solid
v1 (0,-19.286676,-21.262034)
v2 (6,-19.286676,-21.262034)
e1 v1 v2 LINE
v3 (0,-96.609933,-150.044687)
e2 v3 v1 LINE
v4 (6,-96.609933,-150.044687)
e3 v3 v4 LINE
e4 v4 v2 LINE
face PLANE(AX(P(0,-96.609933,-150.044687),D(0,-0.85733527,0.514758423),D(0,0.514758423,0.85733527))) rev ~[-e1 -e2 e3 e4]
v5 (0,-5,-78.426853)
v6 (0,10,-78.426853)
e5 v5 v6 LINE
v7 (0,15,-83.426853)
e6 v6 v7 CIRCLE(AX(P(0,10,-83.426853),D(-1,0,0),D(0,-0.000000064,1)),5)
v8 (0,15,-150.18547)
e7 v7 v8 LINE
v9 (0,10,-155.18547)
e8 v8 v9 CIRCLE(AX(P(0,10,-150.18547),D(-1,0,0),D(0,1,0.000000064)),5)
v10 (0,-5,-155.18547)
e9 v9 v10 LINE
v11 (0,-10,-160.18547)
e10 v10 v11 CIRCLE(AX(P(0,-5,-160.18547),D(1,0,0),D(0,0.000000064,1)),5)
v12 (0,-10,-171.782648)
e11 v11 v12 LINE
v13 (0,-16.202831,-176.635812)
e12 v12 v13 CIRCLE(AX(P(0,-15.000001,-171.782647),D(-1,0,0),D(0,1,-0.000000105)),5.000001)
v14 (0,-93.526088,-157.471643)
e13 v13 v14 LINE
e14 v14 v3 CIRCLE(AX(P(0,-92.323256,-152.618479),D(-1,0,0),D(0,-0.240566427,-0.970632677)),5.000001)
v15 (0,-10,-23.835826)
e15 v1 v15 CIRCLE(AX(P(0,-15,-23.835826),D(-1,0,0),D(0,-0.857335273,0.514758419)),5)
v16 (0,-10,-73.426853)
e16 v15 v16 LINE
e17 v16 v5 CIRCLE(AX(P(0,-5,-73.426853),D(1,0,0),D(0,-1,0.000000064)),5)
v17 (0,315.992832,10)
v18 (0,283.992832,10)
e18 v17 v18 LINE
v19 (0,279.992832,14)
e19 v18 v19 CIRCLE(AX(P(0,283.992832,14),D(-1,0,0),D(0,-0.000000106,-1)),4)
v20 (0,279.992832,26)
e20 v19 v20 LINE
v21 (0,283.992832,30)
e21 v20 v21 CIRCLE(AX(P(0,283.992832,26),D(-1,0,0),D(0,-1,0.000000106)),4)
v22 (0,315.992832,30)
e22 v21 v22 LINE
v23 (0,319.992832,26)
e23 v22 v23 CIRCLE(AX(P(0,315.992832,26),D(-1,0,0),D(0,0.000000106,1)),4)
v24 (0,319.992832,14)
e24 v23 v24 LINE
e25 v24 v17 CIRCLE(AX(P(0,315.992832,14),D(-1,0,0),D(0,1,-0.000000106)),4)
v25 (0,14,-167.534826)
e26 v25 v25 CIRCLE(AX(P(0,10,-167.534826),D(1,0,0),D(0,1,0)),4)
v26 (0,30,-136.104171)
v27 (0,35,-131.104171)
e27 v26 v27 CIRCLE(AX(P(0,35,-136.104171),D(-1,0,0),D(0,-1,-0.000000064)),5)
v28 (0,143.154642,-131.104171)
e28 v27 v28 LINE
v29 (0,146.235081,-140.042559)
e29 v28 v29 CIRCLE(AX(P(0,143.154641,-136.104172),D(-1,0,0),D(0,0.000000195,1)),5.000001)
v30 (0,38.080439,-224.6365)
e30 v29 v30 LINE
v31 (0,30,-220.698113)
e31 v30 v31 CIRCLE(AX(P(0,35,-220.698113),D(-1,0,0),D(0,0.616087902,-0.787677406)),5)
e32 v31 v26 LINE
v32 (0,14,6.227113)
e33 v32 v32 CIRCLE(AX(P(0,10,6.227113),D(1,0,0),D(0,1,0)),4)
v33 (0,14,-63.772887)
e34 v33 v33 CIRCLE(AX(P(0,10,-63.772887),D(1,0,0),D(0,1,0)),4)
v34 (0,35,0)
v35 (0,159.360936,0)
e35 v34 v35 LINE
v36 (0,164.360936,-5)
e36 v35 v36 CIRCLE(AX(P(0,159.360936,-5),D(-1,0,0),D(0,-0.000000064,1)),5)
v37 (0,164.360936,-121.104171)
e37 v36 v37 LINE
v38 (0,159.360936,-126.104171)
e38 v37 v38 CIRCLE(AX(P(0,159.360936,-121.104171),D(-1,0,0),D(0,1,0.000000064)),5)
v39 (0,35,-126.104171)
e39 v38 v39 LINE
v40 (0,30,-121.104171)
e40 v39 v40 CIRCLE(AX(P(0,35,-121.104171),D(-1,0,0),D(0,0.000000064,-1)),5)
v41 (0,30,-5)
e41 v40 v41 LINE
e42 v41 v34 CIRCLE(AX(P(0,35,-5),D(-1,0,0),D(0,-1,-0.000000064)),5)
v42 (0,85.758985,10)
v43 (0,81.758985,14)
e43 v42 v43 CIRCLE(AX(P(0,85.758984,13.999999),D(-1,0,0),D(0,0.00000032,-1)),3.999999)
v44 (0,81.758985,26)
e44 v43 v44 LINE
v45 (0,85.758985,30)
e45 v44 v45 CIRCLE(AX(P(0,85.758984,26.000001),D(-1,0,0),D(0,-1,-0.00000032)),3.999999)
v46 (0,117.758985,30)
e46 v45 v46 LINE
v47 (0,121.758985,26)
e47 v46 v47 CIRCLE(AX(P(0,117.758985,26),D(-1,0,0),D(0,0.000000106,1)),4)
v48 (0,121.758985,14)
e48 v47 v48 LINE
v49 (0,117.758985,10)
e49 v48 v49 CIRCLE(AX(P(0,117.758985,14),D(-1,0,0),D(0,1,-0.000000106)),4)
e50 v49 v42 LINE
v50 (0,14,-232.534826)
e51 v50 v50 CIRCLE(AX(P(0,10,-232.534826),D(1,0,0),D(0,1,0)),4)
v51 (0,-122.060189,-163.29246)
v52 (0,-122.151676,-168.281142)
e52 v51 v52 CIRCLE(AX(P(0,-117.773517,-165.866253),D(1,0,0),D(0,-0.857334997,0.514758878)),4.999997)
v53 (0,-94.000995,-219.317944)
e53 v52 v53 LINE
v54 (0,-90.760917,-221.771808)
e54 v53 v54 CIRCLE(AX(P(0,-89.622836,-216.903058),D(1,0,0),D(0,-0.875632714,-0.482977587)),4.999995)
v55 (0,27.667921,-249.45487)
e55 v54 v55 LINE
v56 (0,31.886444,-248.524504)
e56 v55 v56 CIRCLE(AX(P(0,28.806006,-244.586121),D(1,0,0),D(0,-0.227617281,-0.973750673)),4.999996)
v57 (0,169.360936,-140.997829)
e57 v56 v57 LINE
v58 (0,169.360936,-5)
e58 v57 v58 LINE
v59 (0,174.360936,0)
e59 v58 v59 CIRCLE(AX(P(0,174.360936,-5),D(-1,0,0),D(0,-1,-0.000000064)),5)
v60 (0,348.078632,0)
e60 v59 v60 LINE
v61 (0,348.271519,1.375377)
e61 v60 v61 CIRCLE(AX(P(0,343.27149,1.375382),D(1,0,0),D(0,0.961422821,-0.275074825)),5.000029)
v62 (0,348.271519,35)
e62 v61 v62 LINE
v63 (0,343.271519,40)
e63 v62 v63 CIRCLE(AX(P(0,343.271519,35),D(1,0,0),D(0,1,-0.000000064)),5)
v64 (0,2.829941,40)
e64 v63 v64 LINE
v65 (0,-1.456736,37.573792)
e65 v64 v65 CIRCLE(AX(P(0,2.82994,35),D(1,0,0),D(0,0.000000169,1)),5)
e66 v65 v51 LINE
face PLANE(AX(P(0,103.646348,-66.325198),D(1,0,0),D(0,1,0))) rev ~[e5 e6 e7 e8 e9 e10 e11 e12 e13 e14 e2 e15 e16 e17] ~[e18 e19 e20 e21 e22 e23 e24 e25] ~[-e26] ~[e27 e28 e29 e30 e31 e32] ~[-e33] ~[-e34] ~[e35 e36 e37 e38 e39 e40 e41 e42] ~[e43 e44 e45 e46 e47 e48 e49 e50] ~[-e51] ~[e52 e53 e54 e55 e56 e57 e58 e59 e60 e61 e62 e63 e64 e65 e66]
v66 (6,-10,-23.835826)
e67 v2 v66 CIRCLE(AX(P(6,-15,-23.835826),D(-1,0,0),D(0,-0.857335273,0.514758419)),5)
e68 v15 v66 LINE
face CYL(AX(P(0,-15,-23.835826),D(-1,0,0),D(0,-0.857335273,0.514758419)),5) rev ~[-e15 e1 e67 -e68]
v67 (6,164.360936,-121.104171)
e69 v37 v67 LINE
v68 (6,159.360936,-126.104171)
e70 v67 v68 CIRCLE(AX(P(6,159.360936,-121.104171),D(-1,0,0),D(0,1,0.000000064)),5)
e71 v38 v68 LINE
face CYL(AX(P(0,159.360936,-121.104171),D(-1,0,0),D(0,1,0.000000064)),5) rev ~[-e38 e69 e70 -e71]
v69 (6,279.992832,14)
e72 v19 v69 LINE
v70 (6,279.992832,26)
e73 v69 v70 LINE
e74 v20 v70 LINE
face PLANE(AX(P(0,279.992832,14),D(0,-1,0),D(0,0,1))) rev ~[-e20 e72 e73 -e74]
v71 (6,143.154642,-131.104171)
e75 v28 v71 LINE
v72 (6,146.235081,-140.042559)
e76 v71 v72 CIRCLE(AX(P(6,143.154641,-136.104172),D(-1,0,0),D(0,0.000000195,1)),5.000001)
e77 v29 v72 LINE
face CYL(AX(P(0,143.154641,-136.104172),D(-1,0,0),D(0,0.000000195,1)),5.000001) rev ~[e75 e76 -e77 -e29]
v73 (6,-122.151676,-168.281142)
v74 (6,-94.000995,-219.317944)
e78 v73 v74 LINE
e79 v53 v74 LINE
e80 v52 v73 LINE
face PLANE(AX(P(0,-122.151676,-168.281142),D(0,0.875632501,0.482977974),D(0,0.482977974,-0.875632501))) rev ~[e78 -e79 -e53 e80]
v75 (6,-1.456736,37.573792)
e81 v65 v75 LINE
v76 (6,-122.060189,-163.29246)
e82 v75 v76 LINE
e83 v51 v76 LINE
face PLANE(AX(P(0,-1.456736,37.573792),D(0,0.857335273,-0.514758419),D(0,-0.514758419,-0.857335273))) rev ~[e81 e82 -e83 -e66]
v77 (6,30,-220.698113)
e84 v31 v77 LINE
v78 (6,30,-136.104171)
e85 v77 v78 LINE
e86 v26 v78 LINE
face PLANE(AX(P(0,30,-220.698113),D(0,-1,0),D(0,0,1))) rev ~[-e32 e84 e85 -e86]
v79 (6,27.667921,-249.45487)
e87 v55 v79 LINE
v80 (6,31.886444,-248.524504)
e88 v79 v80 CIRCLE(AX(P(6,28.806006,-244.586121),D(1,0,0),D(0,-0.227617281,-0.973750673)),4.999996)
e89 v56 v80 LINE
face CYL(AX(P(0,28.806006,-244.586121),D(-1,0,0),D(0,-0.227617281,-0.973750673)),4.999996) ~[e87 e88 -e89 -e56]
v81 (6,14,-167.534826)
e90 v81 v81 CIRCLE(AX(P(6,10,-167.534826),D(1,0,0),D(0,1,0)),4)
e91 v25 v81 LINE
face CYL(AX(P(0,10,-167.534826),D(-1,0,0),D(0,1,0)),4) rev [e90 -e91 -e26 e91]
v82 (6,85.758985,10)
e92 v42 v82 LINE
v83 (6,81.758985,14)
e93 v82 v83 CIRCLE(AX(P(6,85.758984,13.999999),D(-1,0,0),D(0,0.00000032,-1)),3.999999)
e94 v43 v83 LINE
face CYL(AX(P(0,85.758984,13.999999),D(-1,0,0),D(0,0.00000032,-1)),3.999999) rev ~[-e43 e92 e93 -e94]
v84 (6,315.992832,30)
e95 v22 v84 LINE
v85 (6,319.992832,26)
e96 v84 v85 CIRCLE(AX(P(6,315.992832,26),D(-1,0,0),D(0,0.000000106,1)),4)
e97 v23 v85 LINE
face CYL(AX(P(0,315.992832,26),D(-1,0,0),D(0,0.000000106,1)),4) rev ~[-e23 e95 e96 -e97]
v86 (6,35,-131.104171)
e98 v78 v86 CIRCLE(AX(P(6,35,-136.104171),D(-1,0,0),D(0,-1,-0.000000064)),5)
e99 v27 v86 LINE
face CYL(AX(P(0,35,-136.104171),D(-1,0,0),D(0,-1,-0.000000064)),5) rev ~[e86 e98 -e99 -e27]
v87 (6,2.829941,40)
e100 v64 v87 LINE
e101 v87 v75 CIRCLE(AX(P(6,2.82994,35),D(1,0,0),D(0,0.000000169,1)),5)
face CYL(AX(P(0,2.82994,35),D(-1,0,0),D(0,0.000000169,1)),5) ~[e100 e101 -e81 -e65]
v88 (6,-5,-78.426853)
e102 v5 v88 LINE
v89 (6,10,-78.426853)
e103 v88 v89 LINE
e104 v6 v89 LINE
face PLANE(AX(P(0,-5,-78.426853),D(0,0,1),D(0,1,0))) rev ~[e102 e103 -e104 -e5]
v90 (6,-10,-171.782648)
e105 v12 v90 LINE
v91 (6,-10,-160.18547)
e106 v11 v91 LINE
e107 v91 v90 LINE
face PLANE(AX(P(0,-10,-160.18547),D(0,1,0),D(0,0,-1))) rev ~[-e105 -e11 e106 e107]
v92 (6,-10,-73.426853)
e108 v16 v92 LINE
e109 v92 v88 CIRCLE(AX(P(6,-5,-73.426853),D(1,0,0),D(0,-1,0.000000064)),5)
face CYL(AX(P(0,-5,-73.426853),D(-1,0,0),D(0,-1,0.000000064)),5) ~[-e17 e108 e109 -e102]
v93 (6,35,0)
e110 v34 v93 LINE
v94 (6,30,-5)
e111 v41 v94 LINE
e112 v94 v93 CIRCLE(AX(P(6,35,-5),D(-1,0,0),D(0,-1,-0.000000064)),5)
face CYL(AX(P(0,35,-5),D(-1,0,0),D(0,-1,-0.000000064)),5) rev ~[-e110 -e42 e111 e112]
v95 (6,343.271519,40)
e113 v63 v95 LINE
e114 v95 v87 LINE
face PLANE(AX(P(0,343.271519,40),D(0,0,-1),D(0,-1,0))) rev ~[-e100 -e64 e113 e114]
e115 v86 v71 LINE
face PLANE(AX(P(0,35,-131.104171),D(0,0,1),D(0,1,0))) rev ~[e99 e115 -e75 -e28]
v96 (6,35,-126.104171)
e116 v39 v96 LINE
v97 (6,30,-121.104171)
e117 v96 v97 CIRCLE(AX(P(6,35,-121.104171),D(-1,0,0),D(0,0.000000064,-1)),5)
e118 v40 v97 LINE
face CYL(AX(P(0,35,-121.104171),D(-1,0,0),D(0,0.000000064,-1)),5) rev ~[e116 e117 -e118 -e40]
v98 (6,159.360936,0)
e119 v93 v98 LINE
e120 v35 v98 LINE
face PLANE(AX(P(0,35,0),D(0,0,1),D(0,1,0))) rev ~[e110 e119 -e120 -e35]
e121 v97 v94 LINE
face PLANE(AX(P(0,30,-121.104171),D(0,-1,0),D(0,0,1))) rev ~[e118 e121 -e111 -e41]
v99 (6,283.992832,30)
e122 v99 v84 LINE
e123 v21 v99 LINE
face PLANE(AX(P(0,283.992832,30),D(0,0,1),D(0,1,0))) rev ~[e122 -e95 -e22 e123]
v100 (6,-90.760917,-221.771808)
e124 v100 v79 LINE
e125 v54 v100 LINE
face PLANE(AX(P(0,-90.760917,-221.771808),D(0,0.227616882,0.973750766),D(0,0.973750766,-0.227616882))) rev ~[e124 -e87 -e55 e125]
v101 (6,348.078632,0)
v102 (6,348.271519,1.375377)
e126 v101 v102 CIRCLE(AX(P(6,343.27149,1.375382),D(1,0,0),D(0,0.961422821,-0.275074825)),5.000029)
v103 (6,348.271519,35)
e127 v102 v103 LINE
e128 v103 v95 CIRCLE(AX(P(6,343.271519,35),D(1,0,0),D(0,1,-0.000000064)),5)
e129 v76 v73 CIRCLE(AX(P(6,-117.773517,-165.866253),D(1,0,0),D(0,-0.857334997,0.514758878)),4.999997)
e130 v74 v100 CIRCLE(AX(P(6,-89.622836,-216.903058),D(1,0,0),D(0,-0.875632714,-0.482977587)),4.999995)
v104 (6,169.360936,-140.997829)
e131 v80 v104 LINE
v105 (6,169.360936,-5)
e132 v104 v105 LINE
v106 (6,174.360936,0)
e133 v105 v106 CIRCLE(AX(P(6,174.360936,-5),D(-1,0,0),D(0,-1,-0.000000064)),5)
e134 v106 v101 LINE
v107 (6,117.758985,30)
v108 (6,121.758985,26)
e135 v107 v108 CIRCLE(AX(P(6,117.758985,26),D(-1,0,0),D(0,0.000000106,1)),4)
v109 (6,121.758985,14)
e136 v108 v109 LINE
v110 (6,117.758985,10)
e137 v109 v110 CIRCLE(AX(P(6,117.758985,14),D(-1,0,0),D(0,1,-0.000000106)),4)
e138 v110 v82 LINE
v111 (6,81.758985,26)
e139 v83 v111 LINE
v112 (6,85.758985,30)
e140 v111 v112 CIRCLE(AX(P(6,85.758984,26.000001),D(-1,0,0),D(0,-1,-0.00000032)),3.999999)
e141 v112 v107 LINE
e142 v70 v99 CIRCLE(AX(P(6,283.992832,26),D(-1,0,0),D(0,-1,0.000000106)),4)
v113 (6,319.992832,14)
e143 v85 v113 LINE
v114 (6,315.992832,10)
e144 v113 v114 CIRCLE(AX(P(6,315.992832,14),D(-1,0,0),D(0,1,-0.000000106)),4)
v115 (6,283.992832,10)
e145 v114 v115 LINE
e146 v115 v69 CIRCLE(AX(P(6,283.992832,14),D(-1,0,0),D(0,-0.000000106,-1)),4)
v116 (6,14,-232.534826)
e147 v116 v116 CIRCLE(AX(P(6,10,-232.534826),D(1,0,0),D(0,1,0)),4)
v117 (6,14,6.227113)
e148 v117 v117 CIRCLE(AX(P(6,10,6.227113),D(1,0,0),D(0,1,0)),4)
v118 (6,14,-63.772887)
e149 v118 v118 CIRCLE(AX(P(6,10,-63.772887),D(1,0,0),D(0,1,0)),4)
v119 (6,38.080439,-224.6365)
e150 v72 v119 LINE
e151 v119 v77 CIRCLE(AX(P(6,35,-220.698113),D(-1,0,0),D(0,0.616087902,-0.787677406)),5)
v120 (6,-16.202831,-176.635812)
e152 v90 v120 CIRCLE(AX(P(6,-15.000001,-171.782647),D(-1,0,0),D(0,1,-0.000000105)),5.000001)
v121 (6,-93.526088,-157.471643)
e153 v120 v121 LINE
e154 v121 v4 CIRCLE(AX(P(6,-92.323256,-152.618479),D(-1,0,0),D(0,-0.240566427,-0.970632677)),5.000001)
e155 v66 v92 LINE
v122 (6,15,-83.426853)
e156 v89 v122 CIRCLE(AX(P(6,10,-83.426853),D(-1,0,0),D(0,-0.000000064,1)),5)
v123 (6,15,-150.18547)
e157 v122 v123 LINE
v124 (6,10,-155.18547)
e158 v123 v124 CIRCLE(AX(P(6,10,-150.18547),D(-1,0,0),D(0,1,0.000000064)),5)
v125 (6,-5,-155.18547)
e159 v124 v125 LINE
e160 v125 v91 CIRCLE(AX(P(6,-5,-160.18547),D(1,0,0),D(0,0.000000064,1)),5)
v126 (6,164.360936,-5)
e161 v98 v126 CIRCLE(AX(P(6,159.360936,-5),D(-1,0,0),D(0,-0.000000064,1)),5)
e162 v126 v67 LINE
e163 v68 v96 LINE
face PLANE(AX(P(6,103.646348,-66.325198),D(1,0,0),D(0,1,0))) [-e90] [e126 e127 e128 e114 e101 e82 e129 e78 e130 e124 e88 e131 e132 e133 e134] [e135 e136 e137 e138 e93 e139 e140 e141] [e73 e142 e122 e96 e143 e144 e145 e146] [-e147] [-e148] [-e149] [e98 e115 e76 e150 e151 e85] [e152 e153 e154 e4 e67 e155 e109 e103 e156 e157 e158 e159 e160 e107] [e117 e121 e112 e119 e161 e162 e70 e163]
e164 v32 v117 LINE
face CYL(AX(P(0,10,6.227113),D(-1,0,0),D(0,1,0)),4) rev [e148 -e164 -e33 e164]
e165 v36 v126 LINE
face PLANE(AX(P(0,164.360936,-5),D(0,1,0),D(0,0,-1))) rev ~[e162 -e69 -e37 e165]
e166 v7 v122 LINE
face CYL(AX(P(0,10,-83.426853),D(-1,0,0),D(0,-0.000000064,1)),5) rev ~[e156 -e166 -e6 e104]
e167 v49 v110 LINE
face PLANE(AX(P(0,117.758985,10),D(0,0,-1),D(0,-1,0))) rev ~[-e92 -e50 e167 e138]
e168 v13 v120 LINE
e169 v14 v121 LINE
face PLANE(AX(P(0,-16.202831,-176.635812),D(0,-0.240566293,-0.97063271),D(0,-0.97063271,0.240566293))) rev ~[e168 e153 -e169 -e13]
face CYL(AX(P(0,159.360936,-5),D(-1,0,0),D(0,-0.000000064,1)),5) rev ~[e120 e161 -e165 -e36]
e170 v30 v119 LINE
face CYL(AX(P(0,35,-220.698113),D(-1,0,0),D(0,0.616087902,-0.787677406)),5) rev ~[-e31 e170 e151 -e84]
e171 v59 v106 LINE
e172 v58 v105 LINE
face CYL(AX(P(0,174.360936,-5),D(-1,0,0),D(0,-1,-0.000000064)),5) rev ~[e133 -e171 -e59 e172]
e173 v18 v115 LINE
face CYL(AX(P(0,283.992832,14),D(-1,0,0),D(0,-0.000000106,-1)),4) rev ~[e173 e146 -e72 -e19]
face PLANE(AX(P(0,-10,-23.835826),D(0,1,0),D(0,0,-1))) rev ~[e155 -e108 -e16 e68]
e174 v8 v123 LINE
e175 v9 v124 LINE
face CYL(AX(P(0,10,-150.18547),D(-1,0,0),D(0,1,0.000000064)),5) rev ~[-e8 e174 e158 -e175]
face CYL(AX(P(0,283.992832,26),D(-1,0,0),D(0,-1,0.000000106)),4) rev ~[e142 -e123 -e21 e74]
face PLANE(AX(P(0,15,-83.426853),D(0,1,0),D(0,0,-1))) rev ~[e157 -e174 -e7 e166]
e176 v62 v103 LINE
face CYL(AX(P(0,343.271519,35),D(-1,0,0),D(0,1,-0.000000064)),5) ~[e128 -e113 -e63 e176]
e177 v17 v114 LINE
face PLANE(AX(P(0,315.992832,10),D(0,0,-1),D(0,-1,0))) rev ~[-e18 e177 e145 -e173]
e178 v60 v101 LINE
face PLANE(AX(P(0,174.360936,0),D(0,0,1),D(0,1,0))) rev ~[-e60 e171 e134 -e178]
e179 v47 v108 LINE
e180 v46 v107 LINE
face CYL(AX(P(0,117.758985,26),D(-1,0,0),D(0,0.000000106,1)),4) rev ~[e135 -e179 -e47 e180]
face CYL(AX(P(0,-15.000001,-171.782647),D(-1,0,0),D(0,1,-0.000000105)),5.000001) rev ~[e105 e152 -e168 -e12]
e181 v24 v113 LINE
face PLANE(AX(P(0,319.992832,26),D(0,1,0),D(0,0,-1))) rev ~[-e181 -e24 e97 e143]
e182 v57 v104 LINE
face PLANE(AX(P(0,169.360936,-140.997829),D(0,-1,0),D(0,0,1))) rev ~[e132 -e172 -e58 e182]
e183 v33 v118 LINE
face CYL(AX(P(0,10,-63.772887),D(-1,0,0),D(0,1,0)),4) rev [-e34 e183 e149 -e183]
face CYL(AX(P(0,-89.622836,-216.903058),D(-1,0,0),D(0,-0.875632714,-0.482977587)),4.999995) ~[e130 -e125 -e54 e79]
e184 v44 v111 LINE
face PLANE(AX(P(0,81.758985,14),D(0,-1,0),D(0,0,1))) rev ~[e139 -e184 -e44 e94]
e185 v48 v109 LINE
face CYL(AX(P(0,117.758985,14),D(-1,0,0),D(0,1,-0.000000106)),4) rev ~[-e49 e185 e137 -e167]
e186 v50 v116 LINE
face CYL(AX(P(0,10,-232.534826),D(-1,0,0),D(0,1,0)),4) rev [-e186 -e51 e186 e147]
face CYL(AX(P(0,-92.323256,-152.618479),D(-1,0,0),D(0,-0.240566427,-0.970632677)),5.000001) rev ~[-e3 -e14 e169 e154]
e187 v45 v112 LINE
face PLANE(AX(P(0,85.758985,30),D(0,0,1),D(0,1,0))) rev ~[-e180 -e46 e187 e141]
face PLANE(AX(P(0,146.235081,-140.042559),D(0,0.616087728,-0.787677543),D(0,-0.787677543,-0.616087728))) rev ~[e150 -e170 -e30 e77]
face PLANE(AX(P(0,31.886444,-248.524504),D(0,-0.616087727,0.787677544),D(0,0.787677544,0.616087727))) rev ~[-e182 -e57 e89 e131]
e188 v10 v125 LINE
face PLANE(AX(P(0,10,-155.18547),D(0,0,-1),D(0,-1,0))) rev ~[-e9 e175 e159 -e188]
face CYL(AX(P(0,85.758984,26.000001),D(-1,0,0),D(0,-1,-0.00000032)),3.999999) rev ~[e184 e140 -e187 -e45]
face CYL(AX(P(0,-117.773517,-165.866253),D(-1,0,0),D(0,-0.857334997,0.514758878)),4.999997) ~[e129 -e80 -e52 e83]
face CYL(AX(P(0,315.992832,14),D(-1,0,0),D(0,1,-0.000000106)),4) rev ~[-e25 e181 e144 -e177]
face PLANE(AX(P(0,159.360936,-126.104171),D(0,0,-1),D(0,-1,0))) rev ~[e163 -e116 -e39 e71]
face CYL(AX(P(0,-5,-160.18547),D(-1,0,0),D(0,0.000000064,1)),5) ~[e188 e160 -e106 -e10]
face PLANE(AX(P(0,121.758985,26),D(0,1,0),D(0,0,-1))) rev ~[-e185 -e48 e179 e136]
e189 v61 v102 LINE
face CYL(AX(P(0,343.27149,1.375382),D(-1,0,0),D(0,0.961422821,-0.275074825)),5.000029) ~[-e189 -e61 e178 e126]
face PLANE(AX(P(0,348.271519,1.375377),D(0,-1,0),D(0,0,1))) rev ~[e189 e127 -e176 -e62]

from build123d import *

# Parameters (mm, degrees)
F0_R     = 4
F1_DEPTH = 6


with BuildPart() as f1:
    # F0 (on Right) → F1 (new body)
    with BuildSketch(Plane.YZ):
        with BuildLine():
            Line((343.271519, 40), (2.829941, 40))
            ThreePointArc((2.829941, 40), (0.367113, 39.351377), (-1.456736, 37.573792))
            Line((-1.456736, 37.573792), (-122.060189, -163.29246))
            ThreePointArc((-122.060189, -163.29246), (-122.772673, -165.774574), (-122.151676, -168.281142))
            Line((-122.151676, -168.281142), (-94.000995, -219.317944))
            ThreePointArc((-94.000995, -219.317944), (-92.641542, -220.888954), (-90.760917, -221.771808))
            Line((-90.760917, -221.771808), (27.667921, -249.45487))
            ThreePointArc((27.667921, -249.45487), (29.882843, -249.468782), (31.886444, -248.524504))
            Line((31.886444, -248.524504), (169.360936, -140.997829))
            Line((169.360936, -140.997829), (169.360936, -111.695941))
            Line((169.360936, -111.695941), (169.360936, -95.979087))
            Line((169.360936, -95.979087), (169.360936, -5))
            ThreePointArc((169.360936, -5), (170.825402, -1.464466), (174.360936, 0))
            Line((174.360936, 0), (310.773321, 0))
            Line((310.773321, 0), (348.078632, 0))
            ThreePointArc((348.078632, 0), (348.223062, 0.680958), (348.271519, 1.375377))
            Line((348.271519, 1.375377), (348.271519, 35))
            ThreePointArc((348.271519, 35), (346.807053, 38.535534), (343.271519, 40))
        make_face()
        with Locations((10, -232.534826)):
            Circle(F0_R, mode=Mode.SUBTRACT)
        with BuildLine():
            ThreePointArc((38.080439, -224.6365), (32.80936, -225.192676), (30, -220.698113))
            Line((30, -220.698113), (30, -136.104171))
            ThreePointArc((30, -136.104171), (31.464466, -132.568637), (35, -131.104171))
            Line((35, -131.104171), (143.154642, -131.104171))
            ThreePointArc((143.154642, -131.104171), (147.881794, -134.475052), (146.235081, -140.042559))
            Line((146.235081, -140.042559), (38.080439, -224.6365))
        make_face(mode=Mode.SUBTRACT)
        with Locations((10, -167.534826)):
            Circle(F0_R, mode=Mode.SUBTRACT)
        with BuildLine():
            Line((-96.609933, -150.044687), (-19.286676, -21.262034))
            ThreePointArc((-19.286676, -21.262034), (-13.664594, -19.017456), (-10, -23.835826))
            Line((-10, -23.835826), (-10, -73.426853))
            ThreePointArc((-10, -73.426853), (-8.535534, -76.962387), (-5, -78.426853))
            Line((-5, -78.426853), (10, -78.426853))
            ThreePointArc((10, -78.426853), (13.535534, -79.891319), (15, -83.426853))
            Line((15, -83.426853), (15, -150.18547))
            ThreePointArc((15, -150.18547), (13.535534, -153.721004), (10, -155.18547))
            Line((10, -155.18547), (-5, -155.18547))
            ThreePointArc((-5, -155.18547), (-8.535534, -156.649936), (-10, -160.18547))
            Line((-10, -160.18547), (-10, -171.782648))
            ThreePointArc((-10, -171.782648), (-11.918942, -175.720551), (-16.202831, -176.635812))
            Line((-16.202831, -176.635812), (-93.526088, -157.471643))
            ThreePointArc((-93.526088, -157.471643), (-96.941004, -154.535875), (-96.609933, -150.044687))
        make_face(mode=Mode.SUBTRACT)
        with Locations((10, -63.772887)):
            Circle(F0_R, mode=Mode.SUBTRACT)
        with BuildLine():
            ThreePointArc((30, -5), (31.464466, -1.464466), (35, 0))
            Line((35, 0), (159.360936, 0))
            ThreePointArc((159.360936, 0), (162.89647, -1.464466), (164.360936, -5))
            Line((164.360936, -5), (164.360936, -107.121611))
            Line((164.360936, -107.121611), (164.360936, -121.104171))
            ThreePointArc((164.360936, -121.104171), (162.89647, -124.639705), (159.360936, -126.104171))
            Line((159.360936, -126.104171), (151.236403, -126.104171))
            Line((151.236403, -126.104171), (35, -126.104171))
            ThreePointArc((35, -126.104171), (31.464466, -124.639705), (30, -121.104171))
            Line((30, -121.104171), (30, -5))
        make_face(mode=Mode.SUBTRACT)
        with Locations((10, 6.227113)):
            Circle(F0_R, mode=Mode.SUBTRACT)
        with BuildLine():
            ThreePointArc((121.758985, 14), (120.587412, 11.171573), (117.758985, 10))
            Line((117.758985, 10), (85.758985, 10))
            ThreePointArc((85.758985, 10), (82.930557, 11.171573), (81.758985, 14))
            Line((81.758985, 14), (81.758985, 20))
            Line((81.758985, 20), (81.758985, 26))
            ThreePointArc((81.758985, 26), (82.930557, 28.828427), (85.758985, 30))
            Line((85.758985, 30), (117.758985, 30))
            ThreePointArc((117.758985, 30), (120.587412, 28.828427), (121.758985, 26))
            Line((121.758985, 26), (121.758985, 20))
            Line((121.758985, 20), (121.758985, 14))
        make_face(mode=Mode.SUBTRACT)
        with BuildLine():
            ThreePointArc((279.992832, 26), (281.164405, 28.828427), (283.992832, 30))
            Line((283.992832, 30), (315.992832, 30))
            ThreePointArc((315.992832, 30), (318.821259, 28.828427), (319.992832, 26))
            Line((319.992832, 26), (319.992832, 20))
            Line((319.992832, 20), (319.992832, 14))
            ThreePointArc((319.992832, 14), (318.821259, 11.171573), (315.992832, 10))
            Line((315.992832, 10), (283.992832, 10))
            ThreePointArc((283.992832, 10), (281.164405, 11.171573), (279.992832, 14))
            Line((279.992832, 14), (279.992832, 20))
            Line((279.992832, 20), (279.992832, 26))
        make_face(mode=Mode.SUBTRACT)
    extrude(amount=F1_DEPTH)


solid = f1.part
